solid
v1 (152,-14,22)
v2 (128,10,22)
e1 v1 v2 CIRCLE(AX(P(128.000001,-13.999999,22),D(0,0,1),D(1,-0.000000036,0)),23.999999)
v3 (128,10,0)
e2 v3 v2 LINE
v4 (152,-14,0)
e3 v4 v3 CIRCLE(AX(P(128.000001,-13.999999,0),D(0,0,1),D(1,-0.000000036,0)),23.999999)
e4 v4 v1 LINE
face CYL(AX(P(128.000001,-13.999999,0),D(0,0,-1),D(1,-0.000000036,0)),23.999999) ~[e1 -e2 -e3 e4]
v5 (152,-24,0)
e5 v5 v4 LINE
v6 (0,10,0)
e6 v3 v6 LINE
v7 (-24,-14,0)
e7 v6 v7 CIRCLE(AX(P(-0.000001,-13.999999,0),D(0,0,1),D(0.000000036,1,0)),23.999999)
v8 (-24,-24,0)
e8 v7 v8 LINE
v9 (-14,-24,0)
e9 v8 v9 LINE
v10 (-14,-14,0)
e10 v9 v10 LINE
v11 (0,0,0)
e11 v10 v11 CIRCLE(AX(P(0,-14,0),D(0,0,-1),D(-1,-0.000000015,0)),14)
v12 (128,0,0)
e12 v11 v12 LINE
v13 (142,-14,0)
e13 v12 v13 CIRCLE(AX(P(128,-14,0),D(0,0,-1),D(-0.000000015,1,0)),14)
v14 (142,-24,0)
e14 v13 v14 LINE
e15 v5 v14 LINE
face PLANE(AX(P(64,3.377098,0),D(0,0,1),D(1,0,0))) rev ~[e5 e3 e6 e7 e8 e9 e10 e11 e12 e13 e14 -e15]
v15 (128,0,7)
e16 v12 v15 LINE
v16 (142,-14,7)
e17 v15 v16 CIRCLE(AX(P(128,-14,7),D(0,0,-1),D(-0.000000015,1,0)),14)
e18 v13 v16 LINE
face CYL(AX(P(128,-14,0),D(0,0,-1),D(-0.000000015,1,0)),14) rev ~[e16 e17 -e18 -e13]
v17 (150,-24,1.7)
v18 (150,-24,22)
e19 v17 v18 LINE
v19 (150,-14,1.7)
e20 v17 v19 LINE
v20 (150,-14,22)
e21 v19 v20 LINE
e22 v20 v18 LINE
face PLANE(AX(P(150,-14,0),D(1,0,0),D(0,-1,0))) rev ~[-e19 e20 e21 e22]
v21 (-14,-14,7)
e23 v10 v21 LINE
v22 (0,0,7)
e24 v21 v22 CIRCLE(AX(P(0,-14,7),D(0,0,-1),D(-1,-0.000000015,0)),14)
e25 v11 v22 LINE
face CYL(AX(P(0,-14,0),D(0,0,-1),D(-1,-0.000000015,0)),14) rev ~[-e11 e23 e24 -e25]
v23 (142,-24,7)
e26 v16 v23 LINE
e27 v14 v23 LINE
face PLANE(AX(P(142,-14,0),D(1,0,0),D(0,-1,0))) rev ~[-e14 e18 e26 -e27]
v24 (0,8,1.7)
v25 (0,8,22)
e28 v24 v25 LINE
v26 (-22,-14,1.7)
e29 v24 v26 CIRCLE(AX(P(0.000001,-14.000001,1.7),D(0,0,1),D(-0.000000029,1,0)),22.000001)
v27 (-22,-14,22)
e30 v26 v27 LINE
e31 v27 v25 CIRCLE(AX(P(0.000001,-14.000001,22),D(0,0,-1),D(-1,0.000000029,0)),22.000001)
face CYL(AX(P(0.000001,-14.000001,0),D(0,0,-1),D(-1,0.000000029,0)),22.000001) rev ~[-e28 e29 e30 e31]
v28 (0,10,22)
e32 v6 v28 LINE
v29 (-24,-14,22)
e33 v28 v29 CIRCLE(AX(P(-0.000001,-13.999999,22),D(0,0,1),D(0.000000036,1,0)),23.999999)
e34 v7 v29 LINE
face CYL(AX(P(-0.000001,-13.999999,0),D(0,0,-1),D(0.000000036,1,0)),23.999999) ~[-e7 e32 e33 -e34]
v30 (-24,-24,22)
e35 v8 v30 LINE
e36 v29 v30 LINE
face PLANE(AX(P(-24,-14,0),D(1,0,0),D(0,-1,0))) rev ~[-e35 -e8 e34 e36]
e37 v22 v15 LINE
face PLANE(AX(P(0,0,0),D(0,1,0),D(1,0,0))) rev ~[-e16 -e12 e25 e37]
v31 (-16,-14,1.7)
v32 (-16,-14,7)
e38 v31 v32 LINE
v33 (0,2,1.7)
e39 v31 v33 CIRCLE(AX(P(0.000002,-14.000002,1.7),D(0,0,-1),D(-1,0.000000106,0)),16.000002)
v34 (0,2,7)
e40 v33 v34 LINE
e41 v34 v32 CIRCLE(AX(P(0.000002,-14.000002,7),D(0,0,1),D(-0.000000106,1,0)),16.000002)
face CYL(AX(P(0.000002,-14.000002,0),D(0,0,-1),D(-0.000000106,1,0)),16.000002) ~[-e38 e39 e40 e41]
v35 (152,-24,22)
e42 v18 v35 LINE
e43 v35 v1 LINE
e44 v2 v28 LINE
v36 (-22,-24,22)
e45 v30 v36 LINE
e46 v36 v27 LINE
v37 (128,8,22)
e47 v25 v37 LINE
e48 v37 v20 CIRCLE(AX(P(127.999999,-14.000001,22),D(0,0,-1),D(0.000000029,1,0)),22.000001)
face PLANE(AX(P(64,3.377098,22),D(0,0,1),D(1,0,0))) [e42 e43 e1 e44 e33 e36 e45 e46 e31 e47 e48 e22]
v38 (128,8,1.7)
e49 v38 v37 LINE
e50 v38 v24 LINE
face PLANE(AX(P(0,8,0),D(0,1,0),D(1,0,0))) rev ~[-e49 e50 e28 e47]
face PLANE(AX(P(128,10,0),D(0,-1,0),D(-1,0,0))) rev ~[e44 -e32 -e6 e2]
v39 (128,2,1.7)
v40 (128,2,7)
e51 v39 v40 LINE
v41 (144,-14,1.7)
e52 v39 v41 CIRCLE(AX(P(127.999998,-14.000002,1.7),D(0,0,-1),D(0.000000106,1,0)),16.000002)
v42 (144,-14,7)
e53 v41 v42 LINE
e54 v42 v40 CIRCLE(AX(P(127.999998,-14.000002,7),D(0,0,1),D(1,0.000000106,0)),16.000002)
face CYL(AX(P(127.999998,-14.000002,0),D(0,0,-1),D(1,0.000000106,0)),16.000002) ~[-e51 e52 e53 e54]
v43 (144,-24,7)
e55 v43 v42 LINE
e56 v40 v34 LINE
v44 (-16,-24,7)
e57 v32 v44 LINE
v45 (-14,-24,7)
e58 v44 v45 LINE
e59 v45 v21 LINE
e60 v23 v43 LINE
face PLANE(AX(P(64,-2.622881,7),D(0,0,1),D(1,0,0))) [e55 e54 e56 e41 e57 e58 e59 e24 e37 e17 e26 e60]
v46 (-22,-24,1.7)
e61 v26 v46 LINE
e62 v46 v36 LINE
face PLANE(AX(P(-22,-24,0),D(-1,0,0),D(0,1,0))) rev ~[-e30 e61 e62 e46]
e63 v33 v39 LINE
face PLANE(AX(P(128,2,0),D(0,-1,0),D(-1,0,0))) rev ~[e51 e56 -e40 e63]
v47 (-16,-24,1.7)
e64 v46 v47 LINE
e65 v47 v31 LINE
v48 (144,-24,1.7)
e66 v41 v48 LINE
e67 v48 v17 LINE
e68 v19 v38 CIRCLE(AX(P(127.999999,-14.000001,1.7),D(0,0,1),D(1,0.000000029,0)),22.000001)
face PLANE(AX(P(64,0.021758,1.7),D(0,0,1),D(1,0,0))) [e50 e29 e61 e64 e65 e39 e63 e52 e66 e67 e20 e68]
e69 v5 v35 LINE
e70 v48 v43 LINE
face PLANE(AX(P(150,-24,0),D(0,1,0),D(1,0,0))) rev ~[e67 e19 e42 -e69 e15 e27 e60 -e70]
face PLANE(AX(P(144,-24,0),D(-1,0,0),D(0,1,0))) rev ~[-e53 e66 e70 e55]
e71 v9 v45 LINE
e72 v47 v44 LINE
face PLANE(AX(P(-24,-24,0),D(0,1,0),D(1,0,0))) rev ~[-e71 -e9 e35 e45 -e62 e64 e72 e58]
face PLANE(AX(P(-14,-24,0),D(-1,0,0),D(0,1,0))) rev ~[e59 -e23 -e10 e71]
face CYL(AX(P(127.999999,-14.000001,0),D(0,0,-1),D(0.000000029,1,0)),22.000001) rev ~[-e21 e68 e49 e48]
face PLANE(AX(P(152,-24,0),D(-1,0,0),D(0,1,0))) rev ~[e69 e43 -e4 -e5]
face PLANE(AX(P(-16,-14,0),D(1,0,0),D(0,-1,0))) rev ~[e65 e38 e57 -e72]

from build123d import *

# Parameters (mm, degrees)
F1_DEPTH = 1.7
F2_DEPTH = 7
F3_DEPTH = 22


with BuildPart() as f1:
    # F0 (on Top) → F1 (new body)
    with BuildSketch(Plane.XY):
        with BuildLine():
            Line((-22, -24), (-16, -24))
            Line((-16, -24), (-16, -14))
            ThreePointArc((-16, -14), (-11.313708, -2.686292), (0, 2))
            Line((0, 2), (128, 2))
            ThreePointArc((128, 2), (139.313708, -2.686292), (144, -14))
            Line((144, -14), (144, -24))
            Line((144, -24), (150, -24))
            Line((150, -24), (150, -14))
            ThreePointArc((150, -14), (143.556349, 1.556349), (128, 8))
            Line((128, 8), (0, 8))
            ThreePointArc((0, 8), (-15.556349, 1.556349), (-22, -14))
            Line((-22, -14), (-22, -24))
        make_face()
    extrude(amount=F1_DEPTH)

    # F0 (on Top) → F2 (join)
    with BuildSketch(Plane.XY):
        with BuildLine():
            ThreePointArc((-14, -14), (-9.899495, -4.100505), (0, 0))
            Line((0, 0), (128, 0))
            ThreePointArc((128, 0), (137.899495, -4.100505), (142, -14))
            Line((142, -14), (142, -24))
            Line((142, -24), (144, -24))
            Line((144, -24), (144, -14))
            ThreePointArc((144, -14), (139.313708, -2.686292), (128, 2))
            Line((128, 2), (0, 2))
            ThreePointArc((0, 2), (-11.313708, -2.686292), (-16, -14))
            Line((-16, -14), (-16, -24))
            Line((-16, -24), (-14, -24))
            Line((-14, -24), (-14, -14))
        make_face()
    extrude(amount=F2_DEPTH)

    # F0 (on Top) → F3 (join)
    with BuildSketch(Plane.XY):
        with BuildLine():
            Line((-24, -24), (-22, -24))
            Line((-22, -24), (-22, -14))
            ThreePointArc((-22, -14), (-15.556349, 1.556349), (0, 8))
            Line((0, 8), (128, 8))
            ThreePointArc((128, 8), (143.556349, 1.556349), (150, -14))
            Line((150, -14), (150, -24))
            Line((150, -24), (152, -24))
            Line((152, -24), (152, -14))
            ThreePointArc((152, -14), (144.970563, 2.970563), (128, 10))
            Line((128, 10), (0, 10))
            ThreePointArc((0, 10), (-16.970563, 2.970563), (-24, -14))
            Line((-24, -14), (-24, -24))
        make_face()
    extrude(amount=F3_DEPTH)


solid = f1.part
